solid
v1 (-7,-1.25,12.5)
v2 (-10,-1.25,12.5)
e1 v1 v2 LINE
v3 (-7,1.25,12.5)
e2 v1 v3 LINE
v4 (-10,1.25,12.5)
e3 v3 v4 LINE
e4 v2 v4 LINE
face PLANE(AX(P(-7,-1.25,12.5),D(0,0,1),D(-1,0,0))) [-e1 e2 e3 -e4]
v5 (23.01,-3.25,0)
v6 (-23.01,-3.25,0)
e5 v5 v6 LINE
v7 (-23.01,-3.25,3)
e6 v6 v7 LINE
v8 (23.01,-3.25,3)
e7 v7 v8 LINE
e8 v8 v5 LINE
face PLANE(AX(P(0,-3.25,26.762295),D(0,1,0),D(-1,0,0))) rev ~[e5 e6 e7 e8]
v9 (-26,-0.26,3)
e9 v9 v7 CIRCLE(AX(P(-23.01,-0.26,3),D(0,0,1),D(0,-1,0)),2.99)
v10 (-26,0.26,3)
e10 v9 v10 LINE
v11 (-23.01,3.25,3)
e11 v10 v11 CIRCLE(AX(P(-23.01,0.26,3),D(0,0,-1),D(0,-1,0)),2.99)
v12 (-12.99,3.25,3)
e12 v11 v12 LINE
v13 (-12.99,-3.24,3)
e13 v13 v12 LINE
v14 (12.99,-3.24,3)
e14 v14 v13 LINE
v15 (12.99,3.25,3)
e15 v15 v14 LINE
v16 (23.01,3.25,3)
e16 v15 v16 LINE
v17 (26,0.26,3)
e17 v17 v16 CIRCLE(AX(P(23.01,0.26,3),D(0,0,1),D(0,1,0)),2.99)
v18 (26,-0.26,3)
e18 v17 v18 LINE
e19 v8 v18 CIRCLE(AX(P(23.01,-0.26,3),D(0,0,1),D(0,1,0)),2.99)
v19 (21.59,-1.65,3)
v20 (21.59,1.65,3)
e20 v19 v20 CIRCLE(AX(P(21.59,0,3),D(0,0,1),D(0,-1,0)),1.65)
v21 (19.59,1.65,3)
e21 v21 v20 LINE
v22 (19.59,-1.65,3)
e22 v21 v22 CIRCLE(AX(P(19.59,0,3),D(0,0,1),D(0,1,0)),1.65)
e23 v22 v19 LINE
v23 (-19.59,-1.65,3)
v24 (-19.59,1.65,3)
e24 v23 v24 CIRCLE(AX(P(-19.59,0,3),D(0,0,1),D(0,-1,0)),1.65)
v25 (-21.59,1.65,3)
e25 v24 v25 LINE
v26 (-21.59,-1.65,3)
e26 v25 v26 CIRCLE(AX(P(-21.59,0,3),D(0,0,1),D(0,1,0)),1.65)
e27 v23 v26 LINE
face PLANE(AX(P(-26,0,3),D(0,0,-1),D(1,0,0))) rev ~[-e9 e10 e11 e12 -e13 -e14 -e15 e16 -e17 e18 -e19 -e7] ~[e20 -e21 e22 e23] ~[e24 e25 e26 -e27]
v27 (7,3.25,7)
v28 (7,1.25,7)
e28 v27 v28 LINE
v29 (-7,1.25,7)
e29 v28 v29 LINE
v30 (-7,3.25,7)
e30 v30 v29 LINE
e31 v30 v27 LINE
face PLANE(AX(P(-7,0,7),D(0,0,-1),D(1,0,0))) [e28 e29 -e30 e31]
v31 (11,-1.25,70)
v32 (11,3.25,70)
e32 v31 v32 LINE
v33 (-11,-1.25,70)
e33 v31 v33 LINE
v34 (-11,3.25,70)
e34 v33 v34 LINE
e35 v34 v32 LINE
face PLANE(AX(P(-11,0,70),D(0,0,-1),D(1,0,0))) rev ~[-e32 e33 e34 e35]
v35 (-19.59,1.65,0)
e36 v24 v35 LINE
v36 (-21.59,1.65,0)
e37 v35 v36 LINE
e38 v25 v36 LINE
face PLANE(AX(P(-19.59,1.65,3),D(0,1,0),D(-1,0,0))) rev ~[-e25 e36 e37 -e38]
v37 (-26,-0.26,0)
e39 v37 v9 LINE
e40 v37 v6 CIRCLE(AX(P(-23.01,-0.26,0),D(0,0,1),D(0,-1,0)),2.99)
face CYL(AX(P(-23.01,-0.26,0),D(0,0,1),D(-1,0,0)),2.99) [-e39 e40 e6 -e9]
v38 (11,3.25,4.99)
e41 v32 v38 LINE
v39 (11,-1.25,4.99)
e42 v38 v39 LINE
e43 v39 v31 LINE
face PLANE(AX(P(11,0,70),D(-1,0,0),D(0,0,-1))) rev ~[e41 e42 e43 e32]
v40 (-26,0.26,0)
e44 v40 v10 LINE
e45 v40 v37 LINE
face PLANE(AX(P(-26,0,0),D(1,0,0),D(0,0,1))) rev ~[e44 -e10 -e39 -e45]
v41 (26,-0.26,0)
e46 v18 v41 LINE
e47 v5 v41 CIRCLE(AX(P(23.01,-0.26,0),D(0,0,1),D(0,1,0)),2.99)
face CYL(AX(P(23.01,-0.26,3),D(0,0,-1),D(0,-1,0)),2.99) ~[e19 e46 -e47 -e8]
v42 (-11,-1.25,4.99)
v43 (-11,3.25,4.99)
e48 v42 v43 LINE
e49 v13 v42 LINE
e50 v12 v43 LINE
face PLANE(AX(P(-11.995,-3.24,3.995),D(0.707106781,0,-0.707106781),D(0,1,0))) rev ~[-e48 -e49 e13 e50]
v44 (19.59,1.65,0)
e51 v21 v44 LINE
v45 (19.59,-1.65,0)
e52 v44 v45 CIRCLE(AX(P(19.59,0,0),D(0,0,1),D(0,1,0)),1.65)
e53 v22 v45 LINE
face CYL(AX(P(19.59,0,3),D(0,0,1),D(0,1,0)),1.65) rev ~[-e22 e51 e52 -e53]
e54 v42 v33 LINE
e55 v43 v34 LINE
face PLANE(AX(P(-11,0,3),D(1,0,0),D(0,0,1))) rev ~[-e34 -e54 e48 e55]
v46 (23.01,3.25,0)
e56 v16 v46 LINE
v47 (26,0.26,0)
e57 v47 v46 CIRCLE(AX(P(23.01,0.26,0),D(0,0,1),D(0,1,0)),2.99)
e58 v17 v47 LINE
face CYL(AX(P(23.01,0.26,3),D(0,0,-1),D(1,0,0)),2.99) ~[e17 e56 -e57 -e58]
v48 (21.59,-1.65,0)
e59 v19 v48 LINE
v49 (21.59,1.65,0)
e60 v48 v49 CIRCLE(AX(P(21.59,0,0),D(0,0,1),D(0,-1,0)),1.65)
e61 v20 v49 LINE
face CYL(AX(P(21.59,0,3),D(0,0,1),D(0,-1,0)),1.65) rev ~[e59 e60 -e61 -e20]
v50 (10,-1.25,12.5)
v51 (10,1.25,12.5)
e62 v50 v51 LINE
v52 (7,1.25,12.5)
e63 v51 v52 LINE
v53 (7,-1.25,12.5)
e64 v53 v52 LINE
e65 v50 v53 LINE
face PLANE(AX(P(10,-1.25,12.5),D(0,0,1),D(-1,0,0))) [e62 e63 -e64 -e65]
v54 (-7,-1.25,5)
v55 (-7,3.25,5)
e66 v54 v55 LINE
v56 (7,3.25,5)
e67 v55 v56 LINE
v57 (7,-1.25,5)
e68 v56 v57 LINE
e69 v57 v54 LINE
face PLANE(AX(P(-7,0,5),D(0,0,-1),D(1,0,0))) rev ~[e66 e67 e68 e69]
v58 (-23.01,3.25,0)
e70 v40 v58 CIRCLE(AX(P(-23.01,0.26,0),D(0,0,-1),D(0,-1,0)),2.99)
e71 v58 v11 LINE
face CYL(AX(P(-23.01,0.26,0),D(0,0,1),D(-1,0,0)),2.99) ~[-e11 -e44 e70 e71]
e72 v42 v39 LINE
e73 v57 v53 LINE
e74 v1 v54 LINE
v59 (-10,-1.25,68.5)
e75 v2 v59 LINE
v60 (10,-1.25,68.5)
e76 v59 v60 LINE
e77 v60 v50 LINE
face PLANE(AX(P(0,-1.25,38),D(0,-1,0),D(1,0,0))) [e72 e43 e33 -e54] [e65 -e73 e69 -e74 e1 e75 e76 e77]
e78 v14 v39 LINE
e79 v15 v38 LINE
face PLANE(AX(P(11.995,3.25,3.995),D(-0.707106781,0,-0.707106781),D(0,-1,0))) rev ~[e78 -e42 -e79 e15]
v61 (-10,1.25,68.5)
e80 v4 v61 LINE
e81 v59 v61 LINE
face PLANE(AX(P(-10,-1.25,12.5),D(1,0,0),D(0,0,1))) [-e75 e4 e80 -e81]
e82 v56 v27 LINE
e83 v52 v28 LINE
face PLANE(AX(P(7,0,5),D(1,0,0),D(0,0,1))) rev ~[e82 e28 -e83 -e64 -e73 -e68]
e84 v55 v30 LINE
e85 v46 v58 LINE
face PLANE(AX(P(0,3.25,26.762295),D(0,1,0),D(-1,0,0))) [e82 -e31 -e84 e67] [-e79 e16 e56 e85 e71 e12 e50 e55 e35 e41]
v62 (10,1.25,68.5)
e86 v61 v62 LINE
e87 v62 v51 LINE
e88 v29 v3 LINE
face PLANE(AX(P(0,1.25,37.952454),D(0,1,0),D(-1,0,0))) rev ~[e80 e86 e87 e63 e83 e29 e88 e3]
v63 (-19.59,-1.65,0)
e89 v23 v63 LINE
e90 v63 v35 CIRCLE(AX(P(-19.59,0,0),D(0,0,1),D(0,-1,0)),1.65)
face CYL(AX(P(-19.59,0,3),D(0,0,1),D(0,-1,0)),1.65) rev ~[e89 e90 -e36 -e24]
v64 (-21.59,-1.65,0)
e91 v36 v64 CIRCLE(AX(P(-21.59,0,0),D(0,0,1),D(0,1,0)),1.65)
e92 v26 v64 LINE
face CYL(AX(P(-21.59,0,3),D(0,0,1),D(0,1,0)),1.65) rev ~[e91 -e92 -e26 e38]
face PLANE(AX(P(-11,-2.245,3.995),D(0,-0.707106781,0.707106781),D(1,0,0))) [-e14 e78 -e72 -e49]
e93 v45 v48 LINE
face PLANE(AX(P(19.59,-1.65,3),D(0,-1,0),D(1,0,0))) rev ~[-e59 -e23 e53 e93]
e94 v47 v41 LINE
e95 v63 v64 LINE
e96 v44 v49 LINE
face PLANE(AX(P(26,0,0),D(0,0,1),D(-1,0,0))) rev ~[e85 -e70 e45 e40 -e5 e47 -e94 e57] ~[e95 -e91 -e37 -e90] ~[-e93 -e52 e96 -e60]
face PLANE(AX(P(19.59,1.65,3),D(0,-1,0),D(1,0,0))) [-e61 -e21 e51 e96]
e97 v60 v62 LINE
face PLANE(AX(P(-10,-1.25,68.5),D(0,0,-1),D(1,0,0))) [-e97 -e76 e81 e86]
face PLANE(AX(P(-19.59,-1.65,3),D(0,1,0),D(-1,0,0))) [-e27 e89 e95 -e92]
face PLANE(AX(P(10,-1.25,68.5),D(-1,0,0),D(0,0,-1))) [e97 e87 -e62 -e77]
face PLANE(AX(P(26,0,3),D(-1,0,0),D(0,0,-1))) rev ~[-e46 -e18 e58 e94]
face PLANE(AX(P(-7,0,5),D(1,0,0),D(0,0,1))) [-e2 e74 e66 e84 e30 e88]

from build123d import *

# Parameters (mm, degrees)
SKETCH_W        = 14
SKETCH_H        = 2
PAD_DEPTH       = 3.25
SKETCH001_W     = 22
SKETCH001_H     = 70
POCKET_DEPTH    = 2
POCKET001_DEPTH = 2.5
POCKET002_DEPTH = 3.001
CHAMFER_SIZE    = 1.99
CHAMFER001_SIZE = 1.99
FILLET_R        = 2.99


with BuildPart() as part:
    # Sketch → Pad (new body, symmetric)
    with BuildSketch(Plane.XZ):
        Polygon((-26, 0), (-26, 3), (-11, 3), (-11, 70), (11, 70), (11, 3), (26, 3), (26, 0), align=None)
        with Locations((0, 6)):
            Rectangle(SKETCH_W, SKETCH_H, mode=Mode.SUBTRACT)
    extrude(amount=PAD_DEPTH, both=True)

    # Sketch001 (on Face14 of Pad) → Pocket (cut)
    with BuildSketch(Plane.XZ.offset(3.25)):
        with Locations((0, 38)):
            Rectangle(SKETCH001_W, SKETCH001_H)
    extrude(amount=-POCKET_DEPTH, mode=Mode.SUBTRACT)

    # Sketch002 (on Face16 of Pocket) → Pocket001 (cut)
    with BuildSketch(Plane.XZ.offset(1.25)):
        Polygon((-10, 68.5), (10, 68.5), (10, 12.5), (7, 12.5), (7, 7), (-7, 7), (-7, 12.5), (-10, 12.5), align=None)
    extrude(amount=-POCKET001_DEPTH, mode=Mode.SUBTRACT)

    # Sketch003 (on Face3 of Pocket001) → Pocket002 (cut, through all)
    with BuildSketch(Plane(origin=(0, 0, 3), x_dir=(-1, 0, 0), z_dir=(0, 0, 1))):
        with BuildLine():
            ThreePointArc((-19.59, -1.65), (-17.94, 0), (-19.59, 1.65))
            Line((-19.59, 1.65), (-21.59, 1.65))
            ThreePointArc((-21.59, 1.65), (-23.24, 0), (-21.59, -1.65))
            Line((-19.59, -1.65), (-21.59, -1.65))
        make_face()
        with BuildLine():
            ThreePointArc((19.59, 1.65), (17.94, 0), (19.59, -1.65))
            Line((19.59, -1.65), (21.59, -1.65))
            ThreePointArc((21.59, -1.65), (23.24, 0), (21.59, 1.65))
            Line((19.59, 1.65), (21.59, 1.65))
        make_face()
    extrude(amount=-POCKET002_DEPTH, mode=Mode.SUBTRACT)

    # Chamfer
    chamfer_edges = [part.edges().sort_by_distance(p)[0] for p in [
        (0, -1.25, 3),
    ]]
    chamfer(chamfer_edges, length=CHAMFER_SIZE)

    # Chamfer001
    chamfer001_edges = [part.edges().sort_by_distance(p)[0] for p in [
        (-11, 1, 3),
        (11, 1, 3),
    ]]
    chamfer(chamfer001_edges, length=CHAMFER001_SIZE)

    # Fillet
    fillet_edges = [part.edges().sort_by_distance(p)[0] for p in [
        (-26, 3.25, 1.5),
        (-26, -3.25, 1.5),
        (26, -3.25, 1.5),
        (26, 3.25, 1.5),
    ]]
    fillet(fillet_edges, radius=FILLET_R)


solid = part.part
